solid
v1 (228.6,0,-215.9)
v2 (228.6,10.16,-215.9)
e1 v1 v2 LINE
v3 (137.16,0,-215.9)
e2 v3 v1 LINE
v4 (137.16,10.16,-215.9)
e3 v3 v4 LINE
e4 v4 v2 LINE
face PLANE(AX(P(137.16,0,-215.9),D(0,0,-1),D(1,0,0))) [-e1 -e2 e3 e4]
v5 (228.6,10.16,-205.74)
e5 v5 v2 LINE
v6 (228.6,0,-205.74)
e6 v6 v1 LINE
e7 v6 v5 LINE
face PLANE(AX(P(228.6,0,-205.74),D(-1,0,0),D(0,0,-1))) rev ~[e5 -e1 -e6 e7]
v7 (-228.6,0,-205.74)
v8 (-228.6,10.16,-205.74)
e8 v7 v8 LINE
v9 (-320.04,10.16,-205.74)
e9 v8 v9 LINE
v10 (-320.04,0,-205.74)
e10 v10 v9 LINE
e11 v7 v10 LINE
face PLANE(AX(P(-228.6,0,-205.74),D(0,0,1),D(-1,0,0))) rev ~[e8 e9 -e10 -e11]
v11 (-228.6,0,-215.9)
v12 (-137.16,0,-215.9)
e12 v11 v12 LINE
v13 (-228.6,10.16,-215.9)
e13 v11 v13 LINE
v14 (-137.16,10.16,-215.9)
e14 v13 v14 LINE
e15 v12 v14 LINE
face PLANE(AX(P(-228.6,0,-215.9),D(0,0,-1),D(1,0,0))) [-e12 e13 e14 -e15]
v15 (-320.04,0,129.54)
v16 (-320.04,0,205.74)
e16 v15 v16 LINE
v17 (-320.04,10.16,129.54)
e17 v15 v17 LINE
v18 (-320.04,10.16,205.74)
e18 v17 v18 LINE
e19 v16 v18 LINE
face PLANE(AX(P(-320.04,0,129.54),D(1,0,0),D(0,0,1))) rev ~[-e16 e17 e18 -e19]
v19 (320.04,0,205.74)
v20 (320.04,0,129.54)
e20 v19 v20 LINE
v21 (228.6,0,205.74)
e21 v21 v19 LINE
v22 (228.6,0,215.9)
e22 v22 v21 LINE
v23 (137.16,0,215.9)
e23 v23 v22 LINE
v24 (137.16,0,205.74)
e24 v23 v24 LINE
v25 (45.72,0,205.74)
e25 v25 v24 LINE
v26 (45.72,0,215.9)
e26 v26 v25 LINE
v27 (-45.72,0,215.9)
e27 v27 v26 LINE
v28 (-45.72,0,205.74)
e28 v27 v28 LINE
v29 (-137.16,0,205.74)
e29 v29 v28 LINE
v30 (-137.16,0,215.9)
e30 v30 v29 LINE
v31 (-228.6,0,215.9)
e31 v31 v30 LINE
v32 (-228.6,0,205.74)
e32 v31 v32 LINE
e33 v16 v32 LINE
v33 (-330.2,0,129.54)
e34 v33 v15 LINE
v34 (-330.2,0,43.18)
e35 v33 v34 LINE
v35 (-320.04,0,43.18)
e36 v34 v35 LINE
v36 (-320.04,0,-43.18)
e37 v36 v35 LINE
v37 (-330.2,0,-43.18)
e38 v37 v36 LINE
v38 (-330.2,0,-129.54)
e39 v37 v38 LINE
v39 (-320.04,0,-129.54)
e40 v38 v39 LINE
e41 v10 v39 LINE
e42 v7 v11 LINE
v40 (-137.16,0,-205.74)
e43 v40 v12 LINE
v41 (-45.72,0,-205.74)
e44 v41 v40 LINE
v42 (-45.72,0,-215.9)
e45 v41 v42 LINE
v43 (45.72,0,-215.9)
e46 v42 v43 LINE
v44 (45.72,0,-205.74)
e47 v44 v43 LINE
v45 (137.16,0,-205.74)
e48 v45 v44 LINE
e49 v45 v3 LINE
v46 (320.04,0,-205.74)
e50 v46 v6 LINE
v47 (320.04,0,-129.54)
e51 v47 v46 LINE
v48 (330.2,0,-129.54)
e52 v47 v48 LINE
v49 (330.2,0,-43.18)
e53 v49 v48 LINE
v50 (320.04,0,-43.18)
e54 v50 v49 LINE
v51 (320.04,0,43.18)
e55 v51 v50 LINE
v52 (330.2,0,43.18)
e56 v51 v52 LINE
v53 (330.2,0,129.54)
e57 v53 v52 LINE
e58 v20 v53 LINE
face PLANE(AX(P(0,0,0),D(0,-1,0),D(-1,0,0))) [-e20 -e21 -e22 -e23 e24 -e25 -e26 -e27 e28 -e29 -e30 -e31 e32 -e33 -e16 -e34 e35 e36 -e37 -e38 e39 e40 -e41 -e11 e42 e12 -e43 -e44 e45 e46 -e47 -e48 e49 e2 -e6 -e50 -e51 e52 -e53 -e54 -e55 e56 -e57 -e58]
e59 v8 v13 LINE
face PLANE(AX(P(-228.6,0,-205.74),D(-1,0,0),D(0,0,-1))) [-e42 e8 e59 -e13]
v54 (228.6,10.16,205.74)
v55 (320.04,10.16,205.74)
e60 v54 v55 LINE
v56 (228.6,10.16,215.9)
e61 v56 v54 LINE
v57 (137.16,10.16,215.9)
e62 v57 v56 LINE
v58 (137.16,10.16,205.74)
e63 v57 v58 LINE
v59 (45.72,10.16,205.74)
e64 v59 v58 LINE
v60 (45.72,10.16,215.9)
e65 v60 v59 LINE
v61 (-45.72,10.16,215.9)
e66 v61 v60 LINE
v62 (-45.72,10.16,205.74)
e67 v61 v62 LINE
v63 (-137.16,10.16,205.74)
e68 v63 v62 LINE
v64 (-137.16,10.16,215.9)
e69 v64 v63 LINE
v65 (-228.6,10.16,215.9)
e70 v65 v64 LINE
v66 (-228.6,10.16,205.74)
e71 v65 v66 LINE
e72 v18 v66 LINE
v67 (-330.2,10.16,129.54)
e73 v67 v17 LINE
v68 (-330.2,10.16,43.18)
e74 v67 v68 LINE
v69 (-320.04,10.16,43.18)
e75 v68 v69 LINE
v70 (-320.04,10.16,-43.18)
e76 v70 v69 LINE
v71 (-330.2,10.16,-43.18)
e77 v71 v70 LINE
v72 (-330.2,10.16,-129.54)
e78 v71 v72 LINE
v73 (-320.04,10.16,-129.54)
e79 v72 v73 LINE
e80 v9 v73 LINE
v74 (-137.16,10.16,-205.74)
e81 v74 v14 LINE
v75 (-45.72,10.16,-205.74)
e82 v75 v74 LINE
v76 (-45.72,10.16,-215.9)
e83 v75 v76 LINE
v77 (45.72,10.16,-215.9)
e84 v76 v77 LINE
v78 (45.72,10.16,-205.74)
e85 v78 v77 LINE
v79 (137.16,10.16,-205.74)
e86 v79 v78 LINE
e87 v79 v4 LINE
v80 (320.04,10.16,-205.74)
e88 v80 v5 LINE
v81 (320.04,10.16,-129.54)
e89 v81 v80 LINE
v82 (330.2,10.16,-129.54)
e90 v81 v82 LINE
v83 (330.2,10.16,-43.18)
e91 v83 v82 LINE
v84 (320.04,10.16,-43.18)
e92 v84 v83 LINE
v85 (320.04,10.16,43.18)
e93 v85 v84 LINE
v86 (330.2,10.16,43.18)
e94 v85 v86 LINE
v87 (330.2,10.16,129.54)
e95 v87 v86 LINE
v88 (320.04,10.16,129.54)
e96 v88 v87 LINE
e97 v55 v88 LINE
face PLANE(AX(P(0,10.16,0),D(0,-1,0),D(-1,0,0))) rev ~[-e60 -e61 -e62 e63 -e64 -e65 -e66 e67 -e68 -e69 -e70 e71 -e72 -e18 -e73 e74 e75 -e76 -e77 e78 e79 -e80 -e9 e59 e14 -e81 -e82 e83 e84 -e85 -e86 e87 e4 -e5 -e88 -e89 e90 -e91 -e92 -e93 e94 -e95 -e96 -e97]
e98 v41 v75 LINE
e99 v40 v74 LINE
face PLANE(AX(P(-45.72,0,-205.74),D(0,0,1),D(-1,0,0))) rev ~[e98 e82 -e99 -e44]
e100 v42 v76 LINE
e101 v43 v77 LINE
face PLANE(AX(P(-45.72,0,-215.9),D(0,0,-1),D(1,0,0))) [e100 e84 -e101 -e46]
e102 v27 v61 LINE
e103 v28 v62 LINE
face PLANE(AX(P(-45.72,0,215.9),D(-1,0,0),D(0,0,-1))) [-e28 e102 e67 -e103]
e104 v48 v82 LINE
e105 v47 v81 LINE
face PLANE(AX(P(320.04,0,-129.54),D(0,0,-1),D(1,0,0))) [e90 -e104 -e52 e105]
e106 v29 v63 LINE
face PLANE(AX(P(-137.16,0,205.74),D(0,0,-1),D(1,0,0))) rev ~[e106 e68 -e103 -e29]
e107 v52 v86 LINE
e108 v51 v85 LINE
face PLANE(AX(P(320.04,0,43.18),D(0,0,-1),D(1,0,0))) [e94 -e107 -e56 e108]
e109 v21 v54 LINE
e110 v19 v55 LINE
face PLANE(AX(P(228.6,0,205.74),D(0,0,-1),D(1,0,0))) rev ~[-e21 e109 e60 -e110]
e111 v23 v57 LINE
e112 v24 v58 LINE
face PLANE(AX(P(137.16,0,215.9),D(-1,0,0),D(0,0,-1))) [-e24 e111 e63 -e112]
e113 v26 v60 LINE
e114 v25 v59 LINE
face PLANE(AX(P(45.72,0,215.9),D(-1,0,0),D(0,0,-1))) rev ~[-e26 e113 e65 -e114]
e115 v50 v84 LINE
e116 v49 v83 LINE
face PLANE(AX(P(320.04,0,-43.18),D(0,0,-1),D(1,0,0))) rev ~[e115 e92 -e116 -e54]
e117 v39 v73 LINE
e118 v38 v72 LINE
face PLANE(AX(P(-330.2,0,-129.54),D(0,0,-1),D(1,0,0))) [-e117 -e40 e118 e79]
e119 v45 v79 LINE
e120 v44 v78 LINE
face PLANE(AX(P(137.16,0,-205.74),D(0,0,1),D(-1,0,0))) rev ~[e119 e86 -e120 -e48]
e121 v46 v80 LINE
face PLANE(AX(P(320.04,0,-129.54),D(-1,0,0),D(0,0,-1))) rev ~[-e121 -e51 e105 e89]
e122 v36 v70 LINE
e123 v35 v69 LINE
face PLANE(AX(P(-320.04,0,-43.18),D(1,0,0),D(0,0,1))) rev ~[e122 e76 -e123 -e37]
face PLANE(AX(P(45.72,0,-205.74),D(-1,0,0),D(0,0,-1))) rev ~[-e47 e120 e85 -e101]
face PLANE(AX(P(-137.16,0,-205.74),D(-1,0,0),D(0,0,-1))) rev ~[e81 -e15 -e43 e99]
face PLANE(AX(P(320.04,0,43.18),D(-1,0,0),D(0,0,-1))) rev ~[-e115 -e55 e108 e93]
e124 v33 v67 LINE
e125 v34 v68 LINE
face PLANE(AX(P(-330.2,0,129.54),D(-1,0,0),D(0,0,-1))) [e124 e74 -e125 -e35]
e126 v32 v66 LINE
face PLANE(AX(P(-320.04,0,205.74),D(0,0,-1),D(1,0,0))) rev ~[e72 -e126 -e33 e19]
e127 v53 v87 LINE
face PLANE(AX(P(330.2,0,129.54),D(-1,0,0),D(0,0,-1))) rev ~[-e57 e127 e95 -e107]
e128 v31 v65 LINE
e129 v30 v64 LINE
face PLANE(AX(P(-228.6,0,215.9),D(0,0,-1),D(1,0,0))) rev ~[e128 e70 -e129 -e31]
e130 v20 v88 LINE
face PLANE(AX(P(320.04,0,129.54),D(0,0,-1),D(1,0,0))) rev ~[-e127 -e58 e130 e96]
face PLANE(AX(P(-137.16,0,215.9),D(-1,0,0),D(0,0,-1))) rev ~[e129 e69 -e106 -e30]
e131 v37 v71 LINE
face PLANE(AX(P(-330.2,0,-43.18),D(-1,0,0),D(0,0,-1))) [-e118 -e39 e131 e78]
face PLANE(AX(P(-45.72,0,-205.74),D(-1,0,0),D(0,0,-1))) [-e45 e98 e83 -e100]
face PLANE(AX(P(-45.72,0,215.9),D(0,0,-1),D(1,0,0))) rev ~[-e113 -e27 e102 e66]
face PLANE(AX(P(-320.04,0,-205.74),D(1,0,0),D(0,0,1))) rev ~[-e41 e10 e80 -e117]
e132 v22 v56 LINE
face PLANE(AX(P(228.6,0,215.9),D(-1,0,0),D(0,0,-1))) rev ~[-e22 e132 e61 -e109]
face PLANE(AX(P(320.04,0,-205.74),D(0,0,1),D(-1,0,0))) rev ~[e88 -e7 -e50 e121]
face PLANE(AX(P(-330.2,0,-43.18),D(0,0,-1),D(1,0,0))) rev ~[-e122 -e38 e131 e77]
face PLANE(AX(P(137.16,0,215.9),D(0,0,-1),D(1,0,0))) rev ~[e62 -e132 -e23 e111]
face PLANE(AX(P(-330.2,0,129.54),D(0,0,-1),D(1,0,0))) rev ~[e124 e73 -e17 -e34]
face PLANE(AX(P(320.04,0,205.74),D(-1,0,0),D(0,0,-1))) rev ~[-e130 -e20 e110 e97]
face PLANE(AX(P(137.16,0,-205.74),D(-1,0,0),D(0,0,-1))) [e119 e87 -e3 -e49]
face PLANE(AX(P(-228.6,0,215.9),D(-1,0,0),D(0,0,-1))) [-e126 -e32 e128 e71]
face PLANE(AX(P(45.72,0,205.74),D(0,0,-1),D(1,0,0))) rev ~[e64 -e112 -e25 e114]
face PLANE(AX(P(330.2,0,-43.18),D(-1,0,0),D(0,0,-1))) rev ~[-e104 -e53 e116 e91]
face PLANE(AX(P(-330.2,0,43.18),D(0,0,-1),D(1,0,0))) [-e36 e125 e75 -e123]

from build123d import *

# Parameters (mm, degrees)
SKETCH1_W           = 10.16
SKETCH1_H           = 86.36
SKETCH1_W_2         = 91.44
SKETCH1_H_2         = 10.16
BOSS_EXTRUDE1_DEPTH = 10.16


with BuildPart() as part:
    # Sketch1 → Boss-Extrude1 (new body)
    with BuildSketch(Plane(origin=(0, 0, 0), x_dir=(1, 0, 0), z_dir=(0, 1, 0))):
        Polygon((-228.6, 205.74), (-137.16, 205.74), (-45.72, 205.74), (45.72, 205.74), (137.16, 205.74), (228.6, 205.74), (320.04, 205.74), (320.04, 129.54), (320.04, 43.18), (320.04, -43.18), (320.04, -129.54), (320.04, -205.74), (228.6, -205.74), (137.16, -205.74), (45.72, -205.74), (-45.72, -205.74), (-137.16, -205.74), (-228.6, -205.74), (-320.04, -205.74), (-320.04, -129.54), (-320.04, -43.18), (-320.04, 43.18), (-320.04, 129.54), (-320.04, 205.74), align=None)
        with Locations((-325.12, 86.36)):
            Rectangle(SKETCH1_W, SKETCH1_H)
        with Locations((-325.12, -86.36)):
            Rectangle(SKETCH1_W, SKETCH1_H)
        with Locations((-182.88, -210.82)):
            Rectangle(SKETCH1_W_2, SKETCH1_H_2)
        with Locations((0, -210.82)):
            Rectangle(SKETCH1_W_2, SKETCH1_H_2)
        with Locations((182.88, -210.82)):
            Rectangle(SKETCH1_W_2, SKETCH1_H_2)
        with Locations((325.12, -86.36)):
            Rectangle(SKETCH1_W, SKETCH1_H)
        with Locations((325.12, 86.36)):
            Rectangle(SKETCH1_W, SKETCH1_H)
        with Locations((-182.88, 210.82)):
            Rectangle(SKETCH1_W_2, SKETCH1_H_2)
        with Locations((0, 210.82)):
            Rectangle(SKETCH1_W_2, SKETCH1_H_2)
        with Locations((182.88, 210.82)):
            Rectangle(SKETCH1_W_2, SKETCH1_H_2)
    extrude(amount=BOSS_EXTRUDE1_DEPTH)


solid = part.part
